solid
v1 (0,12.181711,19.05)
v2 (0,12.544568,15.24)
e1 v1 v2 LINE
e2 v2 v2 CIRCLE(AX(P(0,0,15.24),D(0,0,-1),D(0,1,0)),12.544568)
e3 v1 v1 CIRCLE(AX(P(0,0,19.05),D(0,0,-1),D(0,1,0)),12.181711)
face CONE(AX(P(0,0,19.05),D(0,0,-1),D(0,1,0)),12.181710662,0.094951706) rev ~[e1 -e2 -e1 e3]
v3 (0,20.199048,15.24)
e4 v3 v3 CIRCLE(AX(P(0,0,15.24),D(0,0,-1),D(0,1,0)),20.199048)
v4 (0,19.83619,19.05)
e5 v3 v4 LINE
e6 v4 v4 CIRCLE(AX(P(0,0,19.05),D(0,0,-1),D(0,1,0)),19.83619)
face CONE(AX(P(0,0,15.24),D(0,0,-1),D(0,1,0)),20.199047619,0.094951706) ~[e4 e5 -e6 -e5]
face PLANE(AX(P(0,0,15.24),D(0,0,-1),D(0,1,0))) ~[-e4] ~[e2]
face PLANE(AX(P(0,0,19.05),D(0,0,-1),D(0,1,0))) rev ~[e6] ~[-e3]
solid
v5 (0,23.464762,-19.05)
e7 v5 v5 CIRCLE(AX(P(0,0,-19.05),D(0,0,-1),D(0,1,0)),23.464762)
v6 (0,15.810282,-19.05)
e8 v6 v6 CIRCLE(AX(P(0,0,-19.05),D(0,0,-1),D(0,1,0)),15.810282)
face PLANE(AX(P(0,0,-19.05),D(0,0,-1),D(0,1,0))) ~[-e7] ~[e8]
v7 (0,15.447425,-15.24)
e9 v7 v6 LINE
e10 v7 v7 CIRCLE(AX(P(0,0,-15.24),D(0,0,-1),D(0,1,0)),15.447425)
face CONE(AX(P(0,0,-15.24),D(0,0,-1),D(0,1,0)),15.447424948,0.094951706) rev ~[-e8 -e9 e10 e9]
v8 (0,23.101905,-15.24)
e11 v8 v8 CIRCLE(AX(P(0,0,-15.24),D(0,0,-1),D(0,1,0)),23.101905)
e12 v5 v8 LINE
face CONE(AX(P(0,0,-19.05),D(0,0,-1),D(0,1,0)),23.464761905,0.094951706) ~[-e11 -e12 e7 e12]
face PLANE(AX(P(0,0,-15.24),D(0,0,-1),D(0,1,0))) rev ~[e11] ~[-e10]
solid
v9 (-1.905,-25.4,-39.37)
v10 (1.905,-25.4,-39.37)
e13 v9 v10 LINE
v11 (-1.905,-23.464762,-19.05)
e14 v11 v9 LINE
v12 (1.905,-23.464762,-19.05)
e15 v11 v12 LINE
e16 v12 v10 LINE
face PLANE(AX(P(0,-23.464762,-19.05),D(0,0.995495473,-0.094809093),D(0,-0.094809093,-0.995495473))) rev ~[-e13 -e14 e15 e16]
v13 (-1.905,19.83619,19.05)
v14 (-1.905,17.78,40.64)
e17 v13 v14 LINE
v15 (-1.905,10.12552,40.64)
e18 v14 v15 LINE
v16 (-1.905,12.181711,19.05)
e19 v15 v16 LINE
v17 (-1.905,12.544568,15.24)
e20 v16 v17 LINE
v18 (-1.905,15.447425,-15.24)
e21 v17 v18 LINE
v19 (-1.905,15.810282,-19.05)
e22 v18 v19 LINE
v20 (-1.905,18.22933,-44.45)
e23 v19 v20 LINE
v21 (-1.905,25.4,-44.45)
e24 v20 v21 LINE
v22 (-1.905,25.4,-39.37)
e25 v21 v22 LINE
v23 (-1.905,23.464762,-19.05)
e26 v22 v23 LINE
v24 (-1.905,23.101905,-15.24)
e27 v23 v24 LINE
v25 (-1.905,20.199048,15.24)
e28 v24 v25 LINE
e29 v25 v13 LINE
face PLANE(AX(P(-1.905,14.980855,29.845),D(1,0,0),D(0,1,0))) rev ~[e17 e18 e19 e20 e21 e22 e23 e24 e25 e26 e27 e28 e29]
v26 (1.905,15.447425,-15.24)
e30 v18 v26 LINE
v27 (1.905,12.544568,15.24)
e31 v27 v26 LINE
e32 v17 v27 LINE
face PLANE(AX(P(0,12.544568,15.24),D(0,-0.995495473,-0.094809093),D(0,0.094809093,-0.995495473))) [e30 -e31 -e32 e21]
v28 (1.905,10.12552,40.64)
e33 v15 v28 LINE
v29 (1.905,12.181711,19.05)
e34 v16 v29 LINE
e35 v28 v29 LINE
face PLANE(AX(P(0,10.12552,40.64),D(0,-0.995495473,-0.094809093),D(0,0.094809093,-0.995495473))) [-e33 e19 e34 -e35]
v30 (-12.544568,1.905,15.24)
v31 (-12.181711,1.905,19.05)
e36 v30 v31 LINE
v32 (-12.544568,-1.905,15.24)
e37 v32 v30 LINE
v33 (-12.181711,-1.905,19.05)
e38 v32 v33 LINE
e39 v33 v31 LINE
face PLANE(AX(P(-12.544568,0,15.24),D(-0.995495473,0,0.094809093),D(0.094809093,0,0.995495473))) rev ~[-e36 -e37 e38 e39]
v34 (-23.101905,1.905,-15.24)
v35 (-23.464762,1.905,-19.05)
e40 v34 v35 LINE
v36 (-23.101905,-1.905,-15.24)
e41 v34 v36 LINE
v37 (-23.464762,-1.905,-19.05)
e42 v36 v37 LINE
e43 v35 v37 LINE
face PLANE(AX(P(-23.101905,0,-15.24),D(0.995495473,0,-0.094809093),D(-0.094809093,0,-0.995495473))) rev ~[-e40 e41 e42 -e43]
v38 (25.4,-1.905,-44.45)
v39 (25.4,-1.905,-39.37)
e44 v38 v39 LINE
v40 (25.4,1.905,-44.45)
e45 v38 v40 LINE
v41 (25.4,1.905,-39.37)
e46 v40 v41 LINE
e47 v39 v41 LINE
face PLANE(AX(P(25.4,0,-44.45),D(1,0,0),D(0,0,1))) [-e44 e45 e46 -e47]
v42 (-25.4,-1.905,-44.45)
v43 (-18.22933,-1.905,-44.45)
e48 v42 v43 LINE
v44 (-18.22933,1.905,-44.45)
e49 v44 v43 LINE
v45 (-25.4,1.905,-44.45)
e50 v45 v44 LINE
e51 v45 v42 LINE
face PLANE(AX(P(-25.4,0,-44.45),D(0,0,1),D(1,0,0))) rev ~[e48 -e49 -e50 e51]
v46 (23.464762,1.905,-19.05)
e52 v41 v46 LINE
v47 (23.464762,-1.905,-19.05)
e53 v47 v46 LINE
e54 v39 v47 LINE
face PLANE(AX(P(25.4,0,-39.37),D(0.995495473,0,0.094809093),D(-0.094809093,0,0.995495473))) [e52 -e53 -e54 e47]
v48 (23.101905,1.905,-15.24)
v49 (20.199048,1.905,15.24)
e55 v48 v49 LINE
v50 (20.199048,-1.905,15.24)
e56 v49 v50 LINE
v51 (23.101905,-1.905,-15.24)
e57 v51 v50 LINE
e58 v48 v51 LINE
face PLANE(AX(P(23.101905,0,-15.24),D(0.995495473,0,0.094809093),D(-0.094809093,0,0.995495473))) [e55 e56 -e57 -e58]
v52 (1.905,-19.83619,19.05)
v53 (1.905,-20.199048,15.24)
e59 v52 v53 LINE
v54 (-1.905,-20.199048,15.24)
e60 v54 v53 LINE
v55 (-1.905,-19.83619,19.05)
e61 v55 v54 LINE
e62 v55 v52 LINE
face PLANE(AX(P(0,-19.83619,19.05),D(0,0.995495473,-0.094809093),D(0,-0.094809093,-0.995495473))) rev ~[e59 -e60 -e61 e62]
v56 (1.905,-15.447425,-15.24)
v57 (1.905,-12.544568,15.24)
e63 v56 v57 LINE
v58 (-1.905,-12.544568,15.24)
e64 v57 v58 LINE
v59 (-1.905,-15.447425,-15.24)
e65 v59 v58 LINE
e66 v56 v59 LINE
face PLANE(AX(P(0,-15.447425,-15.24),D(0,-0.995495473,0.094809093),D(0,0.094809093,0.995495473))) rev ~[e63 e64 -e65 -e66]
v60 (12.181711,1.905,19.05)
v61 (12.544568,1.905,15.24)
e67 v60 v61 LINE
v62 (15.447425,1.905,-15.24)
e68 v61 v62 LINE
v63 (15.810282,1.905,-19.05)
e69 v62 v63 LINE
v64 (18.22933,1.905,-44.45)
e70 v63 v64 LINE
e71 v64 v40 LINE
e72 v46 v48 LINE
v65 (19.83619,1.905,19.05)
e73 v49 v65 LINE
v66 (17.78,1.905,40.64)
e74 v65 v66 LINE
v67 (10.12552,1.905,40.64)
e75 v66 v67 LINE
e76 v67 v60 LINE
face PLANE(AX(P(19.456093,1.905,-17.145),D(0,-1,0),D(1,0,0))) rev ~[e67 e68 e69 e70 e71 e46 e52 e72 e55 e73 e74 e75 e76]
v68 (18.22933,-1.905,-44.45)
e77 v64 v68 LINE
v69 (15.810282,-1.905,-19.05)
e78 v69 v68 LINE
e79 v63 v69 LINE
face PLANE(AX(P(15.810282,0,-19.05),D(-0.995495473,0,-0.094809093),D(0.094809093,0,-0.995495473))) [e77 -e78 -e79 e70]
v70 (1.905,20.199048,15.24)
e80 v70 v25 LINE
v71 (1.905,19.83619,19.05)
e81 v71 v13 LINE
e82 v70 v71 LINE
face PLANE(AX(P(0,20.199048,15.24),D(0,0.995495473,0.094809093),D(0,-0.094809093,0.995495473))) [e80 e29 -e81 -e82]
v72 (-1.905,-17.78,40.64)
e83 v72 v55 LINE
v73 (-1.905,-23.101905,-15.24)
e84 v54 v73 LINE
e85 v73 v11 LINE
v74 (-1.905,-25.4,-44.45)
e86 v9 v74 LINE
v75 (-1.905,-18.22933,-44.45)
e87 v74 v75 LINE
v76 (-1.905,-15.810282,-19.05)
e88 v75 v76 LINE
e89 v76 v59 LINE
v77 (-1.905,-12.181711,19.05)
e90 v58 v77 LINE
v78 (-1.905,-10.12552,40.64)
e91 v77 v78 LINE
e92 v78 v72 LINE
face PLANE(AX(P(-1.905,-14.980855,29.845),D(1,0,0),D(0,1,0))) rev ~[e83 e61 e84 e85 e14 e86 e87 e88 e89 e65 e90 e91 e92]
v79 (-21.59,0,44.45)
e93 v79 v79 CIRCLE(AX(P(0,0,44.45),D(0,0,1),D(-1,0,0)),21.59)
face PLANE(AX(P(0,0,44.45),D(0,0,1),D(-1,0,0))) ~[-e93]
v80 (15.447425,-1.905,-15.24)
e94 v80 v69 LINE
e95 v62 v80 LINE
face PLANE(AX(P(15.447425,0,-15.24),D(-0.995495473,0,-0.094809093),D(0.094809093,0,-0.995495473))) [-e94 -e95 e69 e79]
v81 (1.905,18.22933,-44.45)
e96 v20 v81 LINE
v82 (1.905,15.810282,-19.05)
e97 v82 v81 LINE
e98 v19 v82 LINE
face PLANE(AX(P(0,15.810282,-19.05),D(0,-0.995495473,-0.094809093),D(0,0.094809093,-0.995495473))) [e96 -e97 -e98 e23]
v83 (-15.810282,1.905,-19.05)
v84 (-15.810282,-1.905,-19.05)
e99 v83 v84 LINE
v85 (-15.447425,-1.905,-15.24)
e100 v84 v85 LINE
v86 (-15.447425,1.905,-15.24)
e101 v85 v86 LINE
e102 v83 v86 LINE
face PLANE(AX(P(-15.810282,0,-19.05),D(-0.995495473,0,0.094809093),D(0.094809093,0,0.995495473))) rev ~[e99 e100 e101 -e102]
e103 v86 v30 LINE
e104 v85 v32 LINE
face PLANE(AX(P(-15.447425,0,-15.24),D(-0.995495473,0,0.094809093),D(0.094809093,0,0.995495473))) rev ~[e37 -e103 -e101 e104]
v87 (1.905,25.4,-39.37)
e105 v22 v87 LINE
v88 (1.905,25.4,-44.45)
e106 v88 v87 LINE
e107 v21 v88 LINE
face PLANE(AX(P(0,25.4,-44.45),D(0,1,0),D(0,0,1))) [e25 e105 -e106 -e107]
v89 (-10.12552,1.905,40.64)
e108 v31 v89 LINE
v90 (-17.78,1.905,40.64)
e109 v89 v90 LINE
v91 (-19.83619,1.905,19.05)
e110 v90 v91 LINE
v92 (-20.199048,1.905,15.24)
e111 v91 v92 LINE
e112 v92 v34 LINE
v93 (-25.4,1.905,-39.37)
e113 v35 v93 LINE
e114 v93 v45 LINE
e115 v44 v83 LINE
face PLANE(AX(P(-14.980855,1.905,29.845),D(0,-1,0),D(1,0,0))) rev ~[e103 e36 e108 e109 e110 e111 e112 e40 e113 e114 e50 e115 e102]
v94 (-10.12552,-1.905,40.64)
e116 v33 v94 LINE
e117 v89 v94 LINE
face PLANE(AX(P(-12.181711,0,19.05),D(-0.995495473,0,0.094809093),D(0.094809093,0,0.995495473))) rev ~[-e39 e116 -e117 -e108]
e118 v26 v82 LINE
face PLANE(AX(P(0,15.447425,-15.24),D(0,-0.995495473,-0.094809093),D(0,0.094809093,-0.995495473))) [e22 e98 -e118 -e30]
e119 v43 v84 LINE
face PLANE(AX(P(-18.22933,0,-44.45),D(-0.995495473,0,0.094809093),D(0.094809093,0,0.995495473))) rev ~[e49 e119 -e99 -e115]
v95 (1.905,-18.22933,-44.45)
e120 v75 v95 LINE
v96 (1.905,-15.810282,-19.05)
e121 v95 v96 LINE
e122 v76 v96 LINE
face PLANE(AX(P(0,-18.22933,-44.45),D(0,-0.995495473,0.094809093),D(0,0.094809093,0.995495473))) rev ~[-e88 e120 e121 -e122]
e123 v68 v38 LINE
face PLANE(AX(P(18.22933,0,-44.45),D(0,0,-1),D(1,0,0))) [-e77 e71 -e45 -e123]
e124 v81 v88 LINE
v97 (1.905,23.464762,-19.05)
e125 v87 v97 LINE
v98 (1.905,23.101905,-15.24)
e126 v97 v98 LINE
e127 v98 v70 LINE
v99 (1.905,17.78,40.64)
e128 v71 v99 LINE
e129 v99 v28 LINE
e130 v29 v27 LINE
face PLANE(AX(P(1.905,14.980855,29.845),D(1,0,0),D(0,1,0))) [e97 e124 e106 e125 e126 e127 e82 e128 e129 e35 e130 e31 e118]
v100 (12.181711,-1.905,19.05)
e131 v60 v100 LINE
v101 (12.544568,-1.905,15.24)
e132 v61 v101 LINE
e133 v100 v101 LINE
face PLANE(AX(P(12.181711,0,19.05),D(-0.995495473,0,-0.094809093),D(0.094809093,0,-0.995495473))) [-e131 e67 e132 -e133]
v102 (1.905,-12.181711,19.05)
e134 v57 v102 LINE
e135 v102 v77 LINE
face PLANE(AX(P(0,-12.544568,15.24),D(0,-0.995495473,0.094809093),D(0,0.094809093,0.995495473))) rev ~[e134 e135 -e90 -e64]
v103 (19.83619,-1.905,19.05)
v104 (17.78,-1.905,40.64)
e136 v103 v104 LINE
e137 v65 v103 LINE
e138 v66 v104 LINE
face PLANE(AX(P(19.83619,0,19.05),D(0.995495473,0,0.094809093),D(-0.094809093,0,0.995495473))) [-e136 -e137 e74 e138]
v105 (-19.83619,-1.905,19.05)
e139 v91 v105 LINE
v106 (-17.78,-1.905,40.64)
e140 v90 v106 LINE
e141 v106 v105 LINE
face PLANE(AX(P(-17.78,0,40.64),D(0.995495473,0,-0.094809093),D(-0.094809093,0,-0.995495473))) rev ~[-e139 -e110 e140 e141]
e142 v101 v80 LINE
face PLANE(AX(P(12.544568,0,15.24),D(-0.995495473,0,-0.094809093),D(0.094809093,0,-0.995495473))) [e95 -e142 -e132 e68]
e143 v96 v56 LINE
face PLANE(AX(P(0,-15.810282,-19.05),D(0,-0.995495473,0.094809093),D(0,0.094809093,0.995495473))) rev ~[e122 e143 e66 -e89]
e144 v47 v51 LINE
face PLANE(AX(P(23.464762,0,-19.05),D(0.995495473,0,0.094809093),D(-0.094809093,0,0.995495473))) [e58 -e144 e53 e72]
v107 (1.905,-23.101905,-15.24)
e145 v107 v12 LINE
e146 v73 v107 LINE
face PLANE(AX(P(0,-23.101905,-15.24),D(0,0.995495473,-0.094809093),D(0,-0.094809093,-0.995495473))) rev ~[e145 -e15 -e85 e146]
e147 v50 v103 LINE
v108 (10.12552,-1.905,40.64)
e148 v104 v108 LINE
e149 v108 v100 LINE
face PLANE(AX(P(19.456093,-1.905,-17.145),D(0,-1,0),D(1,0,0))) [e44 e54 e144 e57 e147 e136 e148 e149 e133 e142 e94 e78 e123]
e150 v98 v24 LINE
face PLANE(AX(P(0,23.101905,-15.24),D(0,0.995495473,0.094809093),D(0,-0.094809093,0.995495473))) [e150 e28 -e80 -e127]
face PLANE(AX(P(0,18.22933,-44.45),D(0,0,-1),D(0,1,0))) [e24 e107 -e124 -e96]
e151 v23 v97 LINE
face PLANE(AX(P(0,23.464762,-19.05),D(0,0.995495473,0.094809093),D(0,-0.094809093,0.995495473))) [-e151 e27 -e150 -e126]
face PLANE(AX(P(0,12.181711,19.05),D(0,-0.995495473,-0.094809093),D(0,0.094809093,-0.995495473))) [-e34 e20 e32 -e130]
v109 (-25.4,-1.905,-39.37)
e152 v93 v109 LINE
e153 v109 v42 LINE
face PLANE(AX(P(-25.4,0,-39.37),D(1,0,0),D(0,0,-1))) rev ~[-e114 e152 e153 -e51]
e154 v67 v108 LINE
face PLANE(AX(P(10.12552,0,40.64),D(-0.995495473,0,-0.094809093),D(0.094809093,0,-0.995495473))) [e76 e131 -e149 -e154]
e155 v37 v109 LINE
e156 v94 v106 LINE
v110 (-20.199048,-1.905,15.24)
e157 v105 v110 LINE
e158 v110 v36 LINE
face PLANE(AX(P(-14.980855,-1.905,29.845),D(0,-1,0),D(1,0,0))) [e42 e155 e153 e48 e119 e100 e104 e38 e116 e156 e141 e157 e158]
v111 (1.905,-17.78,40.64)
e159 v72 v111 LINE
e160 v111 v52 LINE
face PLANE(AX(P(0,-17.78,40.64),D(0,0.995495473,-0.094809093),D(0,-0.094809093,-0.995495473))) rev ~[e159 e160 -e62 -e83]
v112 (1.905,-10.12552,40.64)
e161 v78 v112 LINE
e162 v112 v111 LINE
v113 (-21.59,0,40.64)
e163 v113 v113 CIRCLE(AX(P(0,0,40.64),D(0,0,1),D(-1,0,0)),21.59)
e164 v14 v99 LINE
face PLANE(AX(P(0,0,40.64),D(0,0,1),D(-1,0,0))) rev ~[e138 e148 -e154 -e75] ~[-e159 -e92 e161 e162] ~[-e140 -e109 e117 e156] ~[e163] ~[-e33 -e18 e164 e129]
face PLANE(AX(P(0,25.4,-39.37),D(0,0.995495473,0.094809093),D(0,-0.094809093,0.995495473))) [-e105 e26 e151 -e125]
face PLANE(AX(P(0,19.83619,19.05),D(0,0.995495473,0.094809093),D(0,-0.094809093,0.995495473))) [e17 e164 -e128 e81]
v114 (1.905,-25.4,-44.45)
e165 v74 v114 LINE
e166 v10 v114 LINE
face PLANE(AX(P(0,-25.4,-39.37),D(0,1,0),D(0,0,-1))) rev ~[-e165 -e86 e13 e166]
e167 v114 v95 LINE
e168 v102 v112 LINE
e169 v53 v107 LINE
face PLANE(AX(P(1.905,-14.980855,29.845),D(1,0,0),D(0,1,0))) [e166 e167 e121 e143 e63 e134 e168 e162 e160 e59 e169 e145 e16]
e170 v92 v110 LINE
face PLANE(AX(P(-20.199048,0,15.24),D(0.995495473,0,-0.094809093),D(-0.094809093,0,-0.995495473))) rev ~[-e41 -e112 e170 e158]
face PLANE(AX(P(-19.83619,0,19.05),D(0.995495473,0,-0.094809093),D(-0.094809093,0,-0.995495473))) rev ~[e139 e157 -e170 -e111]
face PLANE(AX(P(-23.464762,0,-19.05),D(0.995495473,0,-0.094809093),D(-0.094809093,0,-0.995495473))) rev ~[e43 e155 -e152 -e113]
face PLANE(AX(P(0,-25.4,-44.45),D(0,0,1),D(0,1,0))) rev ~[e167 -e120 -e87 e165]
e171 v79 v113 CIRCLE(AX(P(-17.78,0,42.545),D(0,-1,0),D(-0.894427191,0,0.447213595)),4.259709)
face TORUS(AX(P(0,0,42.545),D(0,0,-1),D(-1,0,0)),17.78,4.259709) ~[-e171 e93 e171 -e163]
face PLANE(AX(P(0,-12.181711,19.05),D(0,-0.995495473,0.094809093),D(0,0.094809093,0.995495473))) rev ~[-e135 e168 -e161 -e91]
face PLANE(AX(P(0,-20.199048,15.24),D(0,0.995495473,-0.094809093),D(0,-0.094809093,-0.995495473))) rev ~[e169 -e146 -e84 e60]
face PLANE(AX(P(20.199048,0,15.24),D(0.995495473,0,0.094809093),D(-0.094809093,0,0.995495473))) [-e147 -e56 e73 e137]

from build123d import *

# Parameters (mm, degrees)
F2_DEPTH = 1.905
F4_DEPTH = 1.905


with BuildPart() as f1:
    # F0 (on Front) → F1 (revolve)
    with BuildSketch(Plane.XZ):
        with BuildLine():
            Line((0, 40.64), (0, 44.45))
            Line((0, 44.45), (-21.59, 44.45))
            ThreePointArc((-21.59, 44.45), (-22.0397094971, 42.545), (-21.59, 40.64))
            Line((-21.59, 40.64), (-17.78, 40.64))
            Line((-17.78, 40.64), (-10.1255201859, 40.64))
            Line((-10.1255201859, 40.64), (0, 40.64))
        make_face()
    revolve(axis=Axis((0, 0, 42.545), (0, 0, 1)))

    # F0 (on Front) → F2 (join, symmetric)
    with BuildSketch(Plane.XZ):
        Polygon((-12.1817106621, 19.05), (-10.1255201859, 40.64), (-17.78, 40.64), (-19.8361904762, 19.05), align=None)
        Polygon((-12.5445678049, 15.24), (-12.1817106621, 19.05), (-19.8361904762, 19.05), (-20.199047619, 15.24), align=None)
        Polygon((-15.4474249478, -15.24), (-12.5445678049, 15.24), (-20.199047619, 15.24), (-23.1019047619, -15.24), align=None)
        Polygon((-23.4647619048, -19.05), (-15.8102820907, -19.05), (-15.4474249478, -15.24), (-23.1019047619, -15.24), align=None)
        Polygon((-25.4, -44.45), (-18.2293297097, -44.45), (-17.7455201859, -39.37), (-15.8102820907, -19.05), (-23.4647619048, -19.05), (-25.4, -39.37), align=None)
        Polygon((15.8102820907, -19.05), (23.4647619048, -19.05), (23.1019047619, -15.24), (15.4474249478, -15.24), align=None)
        Polygon((25.4, -44.45), (25.4, -39.37), (23.4647619048, -19.05), (15.8102820907, -19.05), (17.7455201859, -39.37), (18.2293297097, -44.45), align=None)
        Polygon((15.4474249478, -15.24), (23.1019047619, -15.24), (20.199047619, 15.24), (12.5445678049, 15.24), align=None)
        Polygon((20.199047619, 15.24), (19.8361904762, 19.05), (12.1817106621, 19.05), (12.5445678049, 15.24), align=None)
        Polygon((19.8361904762, 19.05), (17.78, 40.64), (10.1255201859, 40.64), (12.1817106621, 19.05), align=None)
    extrude(amount=F2_DEPTH, both=True)

    # F3 (on Right) → F4 (join, symmetric)
    with BuildSketch(Plane.YZ):
        Polygon((-12.1817106621, 19.05), (-10.1255201859, 40.64), (-17.78, 40.64), (-19.8361904762, 19.05), align=None)
        Polygon((-12.5445678049, 15.24), (-12.1817106621, 19.05), (-19.8361904762, 19.05), (-20.199047619, 15.24), align=None)
        Polygon((19.8361904762, 19.05), (17.78, 40.64), (10.1255201859, 40.64), (12.1817106621, 19.05), align=None)
        Polygon((20.199047619, 15.24), (19.8361904762, 19.05), (12.1817106621, 19.05), (12.5445678049, 15.24), align=None)
        Polygon((15.4474249478, -15.24), (23.1019047619, -15.24), (20.199047619, 15.24), (12.5445678049, 15.24), align=None)
        Polygon((-15.4474249478, -15.24), (-12.5445678049, 15.24), (-20.199047619, 15.24), (-23.1019047619, -15.24), align=None)
        Polygon((-23.4647619048, -19.05), (-15.8102820907, -19.05), (-15.4474249478, -15.24), (-23.1019047619, -15.24), align=None)
        Polygon((-25.4, -44.45), (-18.2293297097, -44.45), (-17.7455201859, -39.37), (-15.8102820907, -19.05), (-23.4647619048, -19.05), (-25.4, -39.37), align=None)
        Polygon((25.4, -44.45), (25.4, -39.37), (23.4647619048, -19.05), (15.8102820907, -19.05), (17.7455201859, -39.37), (18.2293297097, -44.45), align=None)
        Polygon((15.8102820907, -19.05), (23.4647619048, -19.05), (23.1019047619, -15.24), (15.4474249478, -15.24), align=None)
    extrude(amount=F4_DEPTH, both=True)


with BuildPart() as f5:
    # F3 (on Right) → F5 (revolve)
    with BuildSketch(Plane.YZ):
        Polygon((20.199047619, 15.24), (19.8361904762, 19.05), (12.1817106621, 19.05), (12.5445678049, 15.24), align=None)
    revolve(axis=Axis((0, 0, 4.0361245537), (0, 0, -1)))


with BuildPart() as f6:
    # F3 (on Right) → F6 (revolve)
    with BuildSketch(Plane.YZ):
        Polygon((15.8102820907, -19.05), (23.4647619048, -19.05), (23.1019047619, -15.24), (15.4474249478, -15.24), align=None)
    revolve(axis=Axis((0, 0, 4.0361245537), (0, 0, -1)))


solid = Compound([f1.part, f5.part, f6.part])
